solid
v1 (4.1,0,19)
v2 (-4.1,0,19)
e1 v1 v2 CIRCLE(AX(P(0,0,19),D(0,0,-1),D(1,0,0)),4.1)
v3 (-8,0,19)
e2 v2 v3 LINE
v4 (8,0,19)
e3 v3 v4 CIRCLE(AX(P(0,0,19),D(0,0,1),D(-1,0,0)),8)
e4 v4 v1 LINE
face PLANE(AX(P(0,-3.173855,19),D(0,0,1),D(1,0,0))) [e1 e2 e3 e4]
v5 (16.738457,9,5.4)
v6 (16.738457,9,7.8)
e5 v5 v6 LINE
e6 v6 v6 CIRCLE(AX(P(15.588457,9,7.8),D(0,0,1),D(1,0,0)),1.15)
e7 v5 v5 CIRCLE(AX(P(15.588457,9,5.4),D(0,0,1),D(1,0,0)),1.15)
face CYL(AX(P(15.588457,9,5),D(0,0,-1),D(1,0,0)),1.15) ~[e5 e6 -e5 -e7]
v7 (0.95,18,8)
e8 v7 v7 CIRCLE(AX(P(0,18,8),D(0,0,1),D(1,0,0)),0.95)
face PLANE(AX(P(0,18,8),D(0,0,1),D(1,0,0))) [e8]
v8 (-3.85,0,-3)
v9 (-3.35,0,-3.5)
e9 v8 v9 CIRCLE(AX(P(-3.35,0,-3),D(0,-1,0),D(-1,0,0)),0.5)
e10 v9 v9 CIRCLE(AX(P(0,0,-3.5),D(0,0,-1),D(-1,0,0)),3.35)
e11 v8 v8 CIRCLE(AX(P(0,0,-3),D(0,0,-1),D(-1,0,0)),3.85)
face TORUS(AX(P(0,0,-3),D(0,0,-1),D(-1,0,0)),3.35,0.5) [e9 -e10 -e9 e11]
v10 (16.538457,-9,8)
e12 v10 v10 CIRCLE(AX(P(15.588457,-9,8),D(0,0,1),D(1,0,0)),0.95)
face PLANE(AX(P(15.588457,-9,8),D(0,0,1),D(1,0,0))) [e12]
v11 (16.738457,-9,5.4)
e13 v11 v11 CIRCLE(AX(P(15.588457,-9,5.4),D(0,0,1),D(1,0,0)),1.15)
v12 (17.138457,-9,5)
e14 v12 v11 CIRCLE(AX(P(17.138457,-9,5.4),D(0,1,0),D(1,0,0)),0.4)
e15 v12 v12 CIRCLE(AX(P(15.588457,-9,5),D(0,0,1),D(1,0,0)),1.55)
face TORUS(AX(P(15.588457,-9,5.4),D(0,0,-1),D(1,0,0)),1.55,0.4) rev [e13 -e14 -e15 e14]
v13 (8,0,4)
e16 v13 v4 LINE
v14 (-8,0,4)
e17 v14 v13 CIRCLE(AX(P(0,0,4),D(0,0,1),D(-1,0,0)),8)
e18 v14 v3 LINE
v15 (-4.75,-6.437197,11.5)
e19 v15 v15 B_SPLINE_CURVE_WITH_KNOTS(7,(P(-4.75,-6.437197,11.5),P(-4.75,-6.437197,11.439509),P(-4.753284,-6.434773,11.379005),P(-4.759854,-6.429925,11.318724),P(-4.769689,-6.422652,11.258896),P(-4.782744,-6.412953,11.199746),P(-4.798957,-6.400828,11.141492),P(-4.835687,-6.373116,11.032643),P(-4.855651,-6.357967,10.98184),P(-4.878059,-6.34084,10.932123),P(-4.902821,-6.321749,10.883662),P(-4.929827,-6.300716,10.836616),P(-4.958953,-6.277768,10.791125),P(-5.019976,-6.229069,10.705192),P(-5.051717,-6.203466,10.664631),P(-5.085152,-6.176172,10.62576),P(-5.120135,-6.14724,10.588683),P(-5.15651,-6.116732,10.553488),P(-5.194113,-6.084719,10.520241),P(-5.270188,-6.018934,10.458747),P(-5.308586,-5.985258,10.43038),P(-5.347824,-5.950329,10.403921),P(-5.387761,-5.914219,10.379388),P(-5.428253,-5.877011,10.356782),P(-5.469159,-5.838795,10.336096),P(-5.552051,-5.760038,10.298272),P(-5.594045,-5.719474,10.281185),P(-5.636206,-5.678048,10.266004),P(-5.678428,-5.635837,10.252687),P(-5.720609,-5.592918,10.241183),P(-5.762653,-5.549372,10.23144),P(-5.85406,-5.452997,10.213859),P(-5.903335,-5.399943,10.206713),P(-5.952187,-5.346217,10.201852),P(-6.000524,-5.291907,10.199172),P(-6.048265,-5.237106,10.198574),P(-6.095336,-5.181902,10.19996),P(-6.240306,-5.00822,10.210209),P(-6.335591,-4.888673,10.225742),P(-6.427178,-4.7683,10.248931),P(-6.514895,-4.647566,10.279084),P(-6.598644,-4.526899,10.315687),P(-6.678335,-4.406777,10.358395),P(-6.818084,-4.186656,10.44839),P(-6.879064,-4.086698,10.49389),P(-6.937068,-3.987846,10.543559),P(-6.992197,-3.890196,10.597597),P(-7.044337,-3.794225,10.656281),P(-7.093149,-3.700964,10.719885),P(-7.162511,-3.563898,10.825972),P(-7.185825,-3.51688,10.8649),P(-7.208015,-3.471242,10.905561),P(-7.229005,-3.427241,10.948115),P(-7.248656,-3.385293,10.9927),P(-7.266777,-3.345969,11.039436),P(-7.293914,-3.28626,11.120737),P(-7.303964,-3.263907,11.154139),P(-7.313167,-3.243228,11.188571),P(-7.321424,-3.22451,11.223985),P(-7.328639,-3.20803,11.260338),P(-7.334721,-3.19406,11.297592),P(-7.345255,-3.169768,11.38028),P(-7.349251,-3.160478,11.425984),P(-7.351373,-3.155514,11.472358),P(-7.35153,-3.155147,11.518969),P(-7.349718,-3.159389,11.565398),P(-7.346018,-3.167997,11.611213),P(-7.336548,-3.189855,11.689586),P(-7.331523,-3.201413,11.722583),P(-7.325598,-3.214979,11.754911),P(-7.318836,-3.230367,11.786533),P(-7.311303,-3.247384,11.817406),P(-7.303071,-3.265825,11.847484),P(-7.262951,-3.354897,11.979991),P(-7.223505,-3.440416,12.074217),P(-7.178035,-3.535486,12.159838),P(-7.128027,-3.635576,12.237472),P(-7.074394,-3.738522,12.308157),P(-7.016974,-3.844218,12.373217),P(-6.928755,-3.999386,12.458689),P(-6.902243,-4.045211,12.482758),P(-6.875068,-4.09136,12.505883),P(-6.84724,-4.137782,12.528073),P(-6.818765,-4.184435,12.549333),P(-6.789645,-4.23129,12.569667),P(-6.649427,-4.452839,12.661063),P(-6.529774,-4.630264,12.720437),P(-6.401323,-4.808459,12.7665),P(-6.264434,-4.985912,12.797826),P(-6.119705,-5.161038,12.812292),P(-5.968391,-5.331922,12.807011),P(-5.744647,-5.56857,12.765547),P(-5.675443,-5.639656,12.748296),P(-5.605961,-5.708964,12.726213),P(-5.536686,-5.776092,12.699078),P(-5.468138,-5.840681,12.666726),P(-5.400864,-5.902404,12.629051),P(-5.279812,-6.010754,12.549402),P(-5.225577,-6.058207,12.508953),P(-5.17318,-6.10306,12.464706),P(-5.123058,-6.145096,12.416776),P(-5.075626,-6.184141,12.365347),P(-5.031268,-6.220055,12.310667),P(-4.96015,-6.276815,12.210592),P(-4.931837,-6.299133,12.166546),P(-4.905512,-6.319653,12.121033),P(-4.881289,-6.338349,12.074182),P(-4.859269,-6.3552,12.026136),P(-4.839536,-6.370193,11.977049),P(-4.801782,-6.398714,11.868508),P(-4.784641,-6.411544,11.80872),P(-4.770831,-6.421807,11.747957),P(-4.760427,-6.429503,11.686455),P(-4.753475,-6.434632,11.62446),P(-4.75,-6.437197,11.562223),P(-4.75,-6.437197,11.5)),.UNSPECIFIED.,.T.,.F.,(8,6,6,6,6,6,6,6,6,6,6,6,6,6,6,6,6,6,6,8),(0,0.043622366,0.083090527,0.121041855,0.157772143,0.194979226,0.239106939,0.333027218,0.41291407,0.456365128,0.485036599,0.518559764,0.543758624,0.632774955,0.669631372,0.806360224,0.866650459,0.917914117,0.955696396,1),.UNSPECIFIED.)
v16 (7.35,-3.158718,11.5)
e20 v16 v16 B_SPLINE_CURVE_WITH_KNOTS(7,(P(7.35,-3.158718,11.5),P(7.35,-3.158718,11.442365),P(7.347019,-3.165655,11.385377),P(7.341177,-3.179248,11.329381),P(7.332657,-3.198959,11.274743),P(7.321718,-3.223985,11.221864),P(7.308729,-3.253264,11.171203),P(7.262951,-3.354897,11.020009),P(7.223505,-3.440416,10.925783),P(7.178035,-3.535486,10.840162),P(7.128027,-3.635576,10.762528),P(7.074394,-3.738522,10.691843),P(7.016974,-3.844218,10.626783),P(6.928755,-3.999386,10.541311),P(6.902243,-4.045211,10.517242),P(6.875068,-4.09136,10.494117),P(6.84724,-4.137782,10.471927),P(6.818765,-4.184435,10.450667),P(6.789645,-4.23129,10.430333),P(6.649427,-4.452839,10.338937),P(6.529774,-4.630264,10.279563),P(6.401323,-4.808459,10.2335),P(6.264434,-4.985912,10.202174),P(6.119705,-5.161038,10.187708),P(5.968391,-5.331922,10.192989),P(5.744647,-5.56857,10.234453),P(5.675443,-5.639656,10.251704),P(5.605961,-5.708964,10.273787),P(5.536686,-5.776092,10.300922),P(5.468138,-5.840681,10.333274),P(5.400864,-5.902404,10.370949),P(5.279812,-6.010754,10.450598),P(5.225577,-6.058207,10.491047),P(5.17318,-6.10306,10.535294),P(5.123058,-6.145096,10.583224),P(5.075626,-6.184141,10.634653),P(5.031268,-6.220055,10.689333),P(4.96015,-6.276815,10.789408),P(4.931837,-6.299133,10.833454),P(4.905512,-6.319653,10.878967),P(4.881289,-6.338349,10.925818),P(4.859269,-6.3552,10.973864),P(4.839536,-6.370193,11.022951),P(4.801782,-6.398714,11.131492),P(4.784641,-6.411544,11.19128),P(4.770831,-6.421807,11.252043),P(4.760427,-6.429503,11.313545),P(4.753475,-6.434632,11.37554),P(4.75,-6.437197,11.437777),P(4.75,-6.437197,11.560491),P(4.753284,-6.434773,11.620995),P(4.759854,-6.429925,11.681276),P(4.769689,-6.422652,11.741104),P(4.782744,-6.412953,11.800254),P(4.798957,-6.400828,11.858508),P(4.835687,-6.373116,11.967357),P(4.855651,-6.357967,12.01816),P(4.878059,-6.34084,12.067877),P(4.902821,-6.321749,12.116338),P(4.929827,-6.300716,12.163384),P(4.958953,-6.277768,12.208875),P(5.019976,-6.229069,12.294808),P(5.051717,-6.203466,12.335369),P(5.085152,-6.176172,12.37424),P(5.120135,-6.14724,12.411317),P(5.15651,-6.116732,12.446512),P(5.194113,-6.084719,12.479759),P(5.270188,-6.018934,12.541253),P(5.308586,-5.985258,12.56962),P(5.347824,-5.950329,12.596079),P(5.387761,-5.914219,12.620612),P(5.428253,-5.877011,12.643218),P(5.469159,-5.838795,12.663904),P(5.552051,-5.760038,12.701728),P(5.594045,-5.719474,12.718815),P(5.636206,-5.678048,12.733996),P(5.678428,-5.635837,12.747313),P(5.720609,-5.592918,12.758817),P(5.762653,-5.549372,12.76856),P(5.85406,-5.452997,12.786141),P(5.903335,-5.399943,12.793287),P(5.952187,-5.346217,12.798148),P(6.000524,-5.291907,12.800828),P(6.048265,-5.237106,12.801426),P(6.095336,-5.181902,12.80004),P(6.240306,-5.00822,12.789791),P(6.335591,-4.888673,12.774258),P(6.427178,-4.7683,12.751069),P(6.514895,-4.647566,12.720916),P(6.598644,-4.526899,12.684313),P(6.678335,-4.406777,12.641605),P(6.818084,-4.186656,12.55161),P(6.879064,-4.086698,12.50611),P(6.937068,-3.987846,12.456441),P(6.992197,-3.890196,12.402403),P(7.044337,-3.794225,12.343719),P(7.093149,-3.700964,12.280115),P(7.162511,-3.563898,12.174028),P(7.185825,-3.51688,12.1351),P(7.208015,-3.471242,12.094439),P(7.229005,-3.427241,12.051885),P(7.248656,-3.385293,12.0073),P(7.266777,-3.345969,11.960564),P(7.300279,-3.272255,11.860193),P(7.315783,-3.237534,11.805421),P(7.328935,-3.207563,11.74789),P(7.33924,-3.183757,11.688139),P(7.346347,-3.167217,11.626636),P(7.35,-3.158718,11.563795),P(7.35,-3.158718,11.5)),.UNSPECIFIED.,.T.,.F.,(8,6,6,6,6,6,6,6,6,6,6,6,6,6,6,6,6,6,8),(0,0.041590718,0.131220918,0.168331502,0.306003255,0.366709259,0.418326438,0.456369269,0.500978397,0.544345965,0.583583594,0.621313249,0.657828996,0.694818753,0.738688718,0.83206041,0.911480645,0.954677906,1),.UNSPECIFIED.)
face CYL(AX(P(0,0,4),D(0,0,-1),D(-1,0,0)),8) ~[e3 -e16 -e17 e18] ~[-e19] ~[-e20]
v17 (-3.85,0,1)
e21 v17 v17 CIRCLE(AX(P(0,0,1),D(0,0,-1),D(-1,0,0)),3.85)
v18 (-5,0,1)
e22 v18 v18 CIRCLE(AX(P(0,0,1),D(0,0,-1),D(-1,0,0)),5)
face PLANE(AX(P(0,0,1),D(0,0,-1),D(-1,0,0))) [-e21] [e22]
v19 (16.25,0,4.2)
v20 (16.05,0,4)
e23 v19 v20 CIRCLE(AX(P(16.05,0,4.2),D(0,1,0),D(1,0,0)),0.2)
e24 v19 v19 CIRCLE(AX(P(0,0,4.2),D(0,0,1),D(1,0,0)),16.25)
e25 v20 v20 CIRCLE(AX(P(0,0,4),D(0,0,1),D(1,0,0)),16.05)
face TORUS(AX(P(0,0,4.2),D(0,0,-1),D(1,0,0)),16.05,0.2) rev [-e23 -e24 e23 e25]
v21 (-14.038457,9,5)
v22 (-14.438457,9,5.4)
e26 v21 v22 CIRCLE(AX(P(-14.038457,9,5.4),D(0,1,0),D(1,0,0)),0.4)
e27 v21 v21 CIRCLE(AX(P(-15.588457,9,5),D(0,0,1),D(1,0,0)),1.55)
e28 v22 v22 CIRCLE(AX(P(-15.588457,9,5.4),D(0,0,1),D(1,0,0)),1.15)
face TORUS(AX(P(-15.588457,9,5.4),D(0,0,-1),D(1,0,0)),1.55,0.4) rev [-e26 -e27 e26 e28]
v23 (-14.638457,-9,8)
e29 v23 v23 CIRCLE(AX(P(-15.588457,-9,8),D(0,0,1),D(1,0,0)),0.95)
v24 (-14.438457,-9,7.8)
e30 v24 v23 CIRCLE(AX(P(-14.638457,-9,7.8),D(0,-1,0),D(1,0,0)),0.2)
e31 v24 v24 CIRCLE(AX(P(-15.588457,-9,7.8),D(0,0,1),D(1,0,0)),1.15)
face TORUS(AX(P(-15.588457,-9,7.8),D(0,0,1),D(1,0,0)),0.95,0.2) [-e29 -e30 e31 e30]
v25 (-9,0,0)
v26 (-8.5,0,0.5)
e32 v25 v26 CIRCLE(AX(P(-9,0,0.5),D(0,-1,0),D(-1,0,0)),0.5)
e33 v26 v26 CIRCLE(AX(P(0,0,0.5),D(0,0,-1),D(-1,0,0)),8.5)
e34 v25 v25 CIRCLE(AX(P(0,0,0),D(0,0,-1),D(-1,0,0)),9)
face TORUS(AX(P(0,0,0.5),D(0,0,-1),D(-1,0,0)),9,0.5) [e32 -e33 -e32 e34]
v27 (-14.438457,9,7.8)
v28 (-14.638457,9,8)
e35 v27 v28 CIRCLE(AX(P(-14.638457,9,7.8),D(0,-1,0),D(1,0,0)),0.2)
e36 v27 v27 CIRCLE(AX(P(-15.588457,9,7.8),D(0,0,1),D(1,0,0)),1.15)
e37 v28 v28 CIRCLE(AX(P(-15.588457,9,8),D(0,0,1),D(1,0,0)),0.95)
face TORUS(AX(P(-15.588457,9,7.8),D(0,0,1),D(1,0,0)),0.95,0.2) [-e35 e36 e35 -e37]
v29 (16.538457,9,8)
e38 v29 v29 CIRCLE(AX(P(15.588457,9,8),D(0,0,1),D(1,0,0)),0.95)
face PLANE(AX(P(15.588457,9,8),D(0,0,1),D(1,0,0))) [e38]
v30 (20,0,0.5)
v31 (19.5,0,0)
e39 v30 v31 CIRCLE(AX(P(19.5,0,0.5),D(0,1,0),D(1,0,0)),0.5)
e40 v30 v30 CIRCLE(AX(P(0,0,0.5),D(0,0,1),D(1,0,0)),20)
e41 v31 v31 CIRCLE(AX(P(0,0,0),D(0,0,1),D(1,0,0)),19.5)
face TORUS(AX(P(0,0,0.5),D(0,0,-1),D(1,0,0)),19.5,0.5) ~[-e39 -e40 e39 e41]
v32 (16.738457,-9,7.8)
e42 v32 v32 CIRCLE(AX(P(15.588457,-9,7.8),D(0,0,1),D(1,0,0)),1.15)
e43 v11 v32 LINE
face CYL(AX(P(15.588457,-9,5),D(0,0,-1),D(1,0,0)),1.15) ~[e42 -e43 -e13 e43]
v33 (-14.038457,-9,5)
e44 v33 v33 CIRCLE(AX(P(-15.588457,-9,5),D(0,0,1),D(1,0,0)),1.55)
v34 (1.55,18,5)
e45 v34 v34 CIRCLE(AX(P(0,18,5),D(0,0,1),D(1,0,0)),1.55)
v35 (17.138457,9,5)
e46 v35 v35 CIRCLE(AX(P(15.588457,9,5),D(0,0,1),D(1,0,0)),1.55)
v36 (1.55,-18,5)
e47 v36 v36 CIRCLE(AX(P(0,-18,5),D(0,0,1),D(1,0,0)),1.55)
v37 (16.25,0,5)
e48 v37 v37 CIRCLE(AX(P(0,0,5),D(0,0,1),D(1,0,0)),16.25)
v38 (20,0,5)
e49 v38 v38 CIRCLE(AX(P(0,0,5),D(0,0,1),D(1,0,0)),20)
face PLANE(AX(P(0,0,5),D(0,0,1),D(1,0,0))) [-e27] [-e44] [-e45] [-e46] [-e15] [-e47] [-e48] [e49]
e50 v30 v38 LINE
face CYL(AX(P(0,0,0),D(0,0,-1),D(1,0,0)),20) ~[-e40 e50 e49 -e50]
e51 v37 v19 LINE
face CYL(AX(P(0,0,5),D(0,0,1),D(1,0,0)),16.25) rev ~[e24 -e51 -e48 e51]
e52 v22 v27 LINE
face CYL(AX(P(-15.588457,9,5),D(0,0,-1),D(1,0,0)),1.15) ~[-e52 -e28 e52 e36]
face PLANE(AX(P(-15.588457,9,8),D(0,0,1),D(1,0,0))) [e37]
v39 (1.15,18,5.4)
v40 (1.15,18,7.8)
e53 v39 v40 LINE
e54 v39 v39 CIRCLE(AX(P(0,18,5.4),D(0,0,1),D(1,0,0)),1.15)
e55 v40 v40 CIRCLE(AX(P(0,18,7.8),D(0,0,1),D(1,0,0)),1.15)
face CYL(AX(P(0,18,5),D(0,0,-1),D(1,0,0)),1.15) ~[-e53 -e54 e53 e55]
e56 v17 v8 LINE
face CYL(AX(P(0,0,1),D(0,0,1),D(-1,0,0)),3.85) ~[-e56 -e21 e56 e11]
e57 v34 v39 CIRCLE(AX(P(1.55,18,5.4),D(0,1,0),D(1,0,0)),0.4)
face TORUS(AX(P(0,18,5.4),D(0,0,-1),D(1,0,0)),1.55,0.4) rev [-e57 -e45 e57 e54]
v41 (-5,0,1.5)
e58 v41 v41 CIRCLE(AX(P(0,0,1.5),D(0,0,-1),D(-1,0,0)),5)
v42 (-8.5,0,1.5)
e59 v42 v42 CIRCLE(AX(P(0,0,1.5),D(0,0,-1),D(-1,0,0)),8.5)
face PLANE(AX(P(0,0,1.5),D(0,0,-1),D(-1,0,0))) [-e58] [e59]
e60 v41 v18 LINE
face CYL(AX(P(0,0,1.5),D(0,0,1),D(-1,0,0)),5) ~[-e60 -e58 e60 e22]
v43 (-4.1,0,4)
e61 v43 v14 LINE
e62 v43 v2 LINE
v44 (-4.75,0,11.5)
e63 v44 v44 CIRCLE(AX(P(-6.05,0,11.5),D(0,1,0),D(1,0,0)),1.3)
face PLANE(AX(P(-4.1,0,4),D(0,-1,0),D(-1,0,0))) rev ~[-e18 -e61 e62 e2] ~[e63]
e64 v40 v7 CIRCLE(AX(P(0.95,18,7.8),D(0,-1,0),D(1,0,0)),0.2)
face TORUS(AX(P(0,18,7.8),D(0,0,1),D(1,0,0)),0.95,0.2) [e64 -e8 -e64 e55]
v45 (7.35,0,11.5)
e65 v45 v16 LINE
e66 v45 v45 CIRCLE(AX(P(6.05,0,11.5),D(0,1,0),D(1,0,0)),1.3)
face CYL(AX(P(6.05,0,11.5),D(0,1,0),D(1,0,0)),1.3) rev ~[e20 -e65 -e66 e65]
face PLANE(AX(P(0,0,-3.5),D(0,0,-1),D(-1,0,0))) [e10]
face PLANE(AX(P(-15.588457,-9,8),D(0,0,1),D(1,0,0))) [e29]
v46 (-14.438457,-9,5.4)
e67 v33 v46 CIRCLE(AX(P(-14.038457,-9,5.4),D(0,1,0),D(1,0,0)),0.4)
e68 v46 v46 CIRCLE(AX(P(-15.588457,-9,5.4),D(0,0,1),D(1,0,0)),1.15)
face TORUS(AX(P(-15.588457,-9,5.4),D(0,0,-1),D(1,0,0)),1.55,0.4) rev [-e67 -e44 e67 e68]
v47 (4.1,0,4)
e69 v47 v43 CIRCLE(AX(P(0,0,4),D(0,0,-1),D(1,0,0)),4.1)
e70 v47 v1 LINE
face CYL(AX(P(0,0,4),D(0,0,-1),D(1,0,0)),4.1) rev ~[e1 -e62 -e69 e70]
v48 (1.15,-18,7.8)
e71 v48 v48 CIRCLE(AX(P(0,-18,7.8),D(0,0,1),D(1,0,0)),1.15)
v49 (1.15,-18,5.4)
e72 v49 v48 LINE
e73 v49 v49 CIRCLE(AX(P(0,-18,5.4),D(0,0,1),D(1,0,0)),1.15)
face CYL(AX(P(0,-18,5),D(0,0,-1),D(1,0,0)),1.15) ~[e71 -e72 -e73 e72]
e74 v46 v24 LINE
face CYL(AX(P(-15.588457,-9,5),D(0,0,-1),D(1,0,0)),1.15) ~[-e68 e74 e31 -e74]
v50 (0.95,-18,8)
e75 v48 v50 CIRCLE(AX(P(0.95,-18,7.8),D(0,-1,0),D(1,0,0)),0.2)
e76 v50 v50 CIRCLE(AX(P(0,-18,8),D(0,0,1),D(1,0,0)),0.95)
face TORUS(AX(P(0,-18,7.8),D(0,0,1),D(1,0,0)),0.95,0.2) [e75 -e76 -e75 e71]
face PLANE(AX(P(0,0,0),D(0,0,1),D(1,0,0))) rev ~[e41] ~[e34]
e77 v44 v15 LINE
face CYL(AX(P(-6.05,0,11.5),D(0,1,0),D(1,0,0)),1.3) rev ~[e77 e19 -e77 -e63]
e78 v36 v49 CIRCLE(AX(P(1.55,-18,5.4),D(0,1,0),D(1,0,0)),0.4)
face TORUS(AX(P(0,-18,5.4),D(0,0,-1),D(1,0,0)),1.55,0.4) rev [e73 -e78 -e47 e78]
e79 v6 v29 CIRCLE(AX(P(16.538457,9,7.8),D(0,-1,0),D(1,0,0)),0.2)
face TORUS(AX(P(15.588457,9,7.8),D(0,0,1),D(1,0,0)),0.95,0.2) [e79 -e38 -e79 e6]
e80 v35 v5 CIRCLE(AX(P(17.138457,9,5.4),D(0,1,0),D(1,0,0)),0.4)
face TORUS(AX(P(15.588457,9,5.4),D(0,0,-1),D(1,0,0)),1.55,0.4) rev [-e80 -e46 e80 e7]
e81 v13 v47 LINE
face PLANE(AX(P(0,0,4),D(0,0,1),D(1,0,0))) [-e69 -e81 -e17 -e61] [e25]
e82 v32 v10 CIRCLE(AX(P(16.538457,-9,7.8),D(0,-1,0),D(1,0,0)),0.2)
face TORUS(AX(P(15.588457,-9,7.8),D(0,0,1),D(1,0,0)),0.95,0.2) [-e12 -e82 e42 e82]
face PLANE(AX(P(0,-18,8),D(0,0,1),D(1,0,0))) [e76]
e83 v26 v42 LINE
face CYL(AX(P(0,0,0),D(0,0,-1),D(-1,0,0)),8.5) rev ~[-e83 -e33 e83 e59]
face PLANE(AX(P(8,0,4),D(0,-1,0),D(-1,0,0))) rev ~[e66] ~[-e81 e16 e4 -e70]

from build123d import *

# Parameters (mm, degrees)
SKETCH1_R           = 20
BOSS_EXTRUDE1_DEPTH = 5
SKETCH3_R           = 1.15
BOSS_EXTRUDE3_DEPTH = 3
FILLET1_R           = 0.4
SKETCH4_R           = 8.5
CUT_EXTRUDE2_DEPTH  = 1.5
SKETCH6_R           = 5
BOSS_EXTRUDE4_DEPTH = 0.5
SKETCH7_R           = 3.85
BOSS_EXTRUDE6_DEPTH = 4.5
FILLET2_R           = 0.5
FILLET3_R           = 0.5
FILLET4_R           = 0.5
FILLET5_R           = 0.2
SKETCH8_R           = 16.25
CUT_EXTRUDE4_DEPTH  = 1
FILLET6_R           = 0.2
BOSS_EXTRUDE7_DEPTH = 15
SKETCH11_R          = 1.3
CUT_EXTRUDE5_DEPTH  = 21.0000001


with BuildPart() as part:
    # Sketch1 → Boss-Extrude1 (new body)
    with BuildSketch(Plane.XY):
        Circle(SKETCH1_R)
    extrude(amount=BOSS_EXTRUDE1_DEPTH)

    # Sketch3 → Boss-Extrude3 (add)
    with BuildSketch(Plane.XY.offset(5)):
        with Locations((0, 18)):
            Circle(SKETCH3_R)
        with Locations((15.588457268, 9)):
            Circle(SKETCH3_R)
        with Locations((15.588457268, -9)):
            Circle(SKETCH3_R)
        with Locations((0, -18)):
            Circle(SKETCH3_R)
        with Locations((-15.588457268, -9)):
            Circle(SKETCH3_R)
        with Locations((-15.588457268, 9)):
            Circle(SKETCH3_R)
    extrude(amount=BOSS_EXTRUDE3_DEPTH)

    # Fillet1
    fillet1_edges = [part.edges().sort_by_distance(p)[0] for p in [
        (14.438457268, -9, 5),
        (-1.15, -18, 5),
        (-16.738457268, -9, 5),
        (-16.738457268, 9, 5),
        (-1.15, 18, 5),
        (14.438457268, 9, 5),
    ]]
    fillet(fillet1_edges, radius=FILLET1_R)

    # Sketch4 → Cut-Extrude2 (cut)
    with BuildSketch(Plane(origin=(0, 0, 0), x_dir=(-1, 0, 0), z_dir=(0, 0, -1))):
        Circle(SKETCH4_R)
    extrude(amount=-CUT_EXTRUDE2_DEPTH, mode=Mode.SUBTRACT)

    # Sketch6 → Boss-Extrude4 (add)
    with BuildSketch(Plane(origin=(0, 0, 1.5), x_dir=(-1, 0, 0), z_dir=(0, 0, -1))):
        Circle(SKETCH6_R)
    extrude(amount=BOSS_EXTRUDE4_DEPTH)

    # Sketch7 → Boss-Extrude6 (add)
    with BuildSketch(Plane(origin=(0, 0, 1), x_dir=(-1, 0, 0), z_dir=(0, 0, -1))):
        Circle(SKETCH7_R)
    extrude(amount=BOSS_EXTRUDE6_DEPTH)

    # Fillet2
    fillet2_edges = [part.edges().sort_by_distance(p)[0] for p in [
        (-20, 0, 0),
    ]]
    fillet(fillet2_edges, radius=FILLET2_R)

    # Fillet3
    fillet3_edges = [part.edges().sort_by_distance(p)[0] for p in [
        (8.5, 0, 0),
    ]]
    fillet(fillet3_edges, radius=FILLET3_R)

    # Fillet4
    fillet4_edges = [part.edges().sort_by_distance(p)[0] for p in [
        (3.85, 0, -3.5),
    ]]
    fillet(fillet4_edges, radius=FILLET4_R)

    # Fillet5
    fillet5_edges = [part.edges().sort_by_distance(p)[0] for p in [
        (14.438457268, -9, 8),
        (-1.15, -18, 8),
        (-16.738457268, -9, 8),
        (-16.738457268, 9, 8),
        (-1.15, 18, 8),
        (14.438457268, 9, 8),
    ]]
    fillet(fillet5_edges, radius=FILLET5_R)

    # Sketch8 → Cut-Extrude4 (cut)
    with BuildSketch(Plane.XY.offset(5)):
        Circle(SKETCH8_R)
    extrude(amount=-CUT_EXTRUDE4_DEPTH, mode=Mode.SUBTRACT)

    # Fillet6
    fillet6_edges = [part.edges().sort_by_distance(p)[0] for p in [
        (-16.25, 0, 4),
    ]]
    fillet(fillet6_edges, radius=FILLET6_R)

    # Sketch9 → Boss-Extrude7 (add)
    with BuildSketch(Plane.XY.offset(4)):
        with BuildLine():
            Line((-4.1, 0), (-8, 0))
            ThreePointArc((-8, 0), (0, -8), (8, 0))
            Line((8, 0), (4.1, 0))
            ThreePointArc((4.1, 0), (0, -4.1), (-4.1, 0))
        make_face()
    extrude(amount=BOSS_EXTRUDE7_DEPTH)

    # Sketch11 → Cut-Extrude5 (cut, through all)
    with BuildSketch(Plane(origin=(0, 0, 0), x_dir=(1, 0, 0), z_dir=(0, 1, 0))):
        with Locations((-6.05, -11.5)):
            Circle(SKETCH11_R)
        with Locations((6.05, -11.5)):
            Circle(SKETCH11_R)
    extrude(amount=-CUT_EXTRUDE5_DEPTH, mode=Mode.SUBTRACT)


solid = part.part
